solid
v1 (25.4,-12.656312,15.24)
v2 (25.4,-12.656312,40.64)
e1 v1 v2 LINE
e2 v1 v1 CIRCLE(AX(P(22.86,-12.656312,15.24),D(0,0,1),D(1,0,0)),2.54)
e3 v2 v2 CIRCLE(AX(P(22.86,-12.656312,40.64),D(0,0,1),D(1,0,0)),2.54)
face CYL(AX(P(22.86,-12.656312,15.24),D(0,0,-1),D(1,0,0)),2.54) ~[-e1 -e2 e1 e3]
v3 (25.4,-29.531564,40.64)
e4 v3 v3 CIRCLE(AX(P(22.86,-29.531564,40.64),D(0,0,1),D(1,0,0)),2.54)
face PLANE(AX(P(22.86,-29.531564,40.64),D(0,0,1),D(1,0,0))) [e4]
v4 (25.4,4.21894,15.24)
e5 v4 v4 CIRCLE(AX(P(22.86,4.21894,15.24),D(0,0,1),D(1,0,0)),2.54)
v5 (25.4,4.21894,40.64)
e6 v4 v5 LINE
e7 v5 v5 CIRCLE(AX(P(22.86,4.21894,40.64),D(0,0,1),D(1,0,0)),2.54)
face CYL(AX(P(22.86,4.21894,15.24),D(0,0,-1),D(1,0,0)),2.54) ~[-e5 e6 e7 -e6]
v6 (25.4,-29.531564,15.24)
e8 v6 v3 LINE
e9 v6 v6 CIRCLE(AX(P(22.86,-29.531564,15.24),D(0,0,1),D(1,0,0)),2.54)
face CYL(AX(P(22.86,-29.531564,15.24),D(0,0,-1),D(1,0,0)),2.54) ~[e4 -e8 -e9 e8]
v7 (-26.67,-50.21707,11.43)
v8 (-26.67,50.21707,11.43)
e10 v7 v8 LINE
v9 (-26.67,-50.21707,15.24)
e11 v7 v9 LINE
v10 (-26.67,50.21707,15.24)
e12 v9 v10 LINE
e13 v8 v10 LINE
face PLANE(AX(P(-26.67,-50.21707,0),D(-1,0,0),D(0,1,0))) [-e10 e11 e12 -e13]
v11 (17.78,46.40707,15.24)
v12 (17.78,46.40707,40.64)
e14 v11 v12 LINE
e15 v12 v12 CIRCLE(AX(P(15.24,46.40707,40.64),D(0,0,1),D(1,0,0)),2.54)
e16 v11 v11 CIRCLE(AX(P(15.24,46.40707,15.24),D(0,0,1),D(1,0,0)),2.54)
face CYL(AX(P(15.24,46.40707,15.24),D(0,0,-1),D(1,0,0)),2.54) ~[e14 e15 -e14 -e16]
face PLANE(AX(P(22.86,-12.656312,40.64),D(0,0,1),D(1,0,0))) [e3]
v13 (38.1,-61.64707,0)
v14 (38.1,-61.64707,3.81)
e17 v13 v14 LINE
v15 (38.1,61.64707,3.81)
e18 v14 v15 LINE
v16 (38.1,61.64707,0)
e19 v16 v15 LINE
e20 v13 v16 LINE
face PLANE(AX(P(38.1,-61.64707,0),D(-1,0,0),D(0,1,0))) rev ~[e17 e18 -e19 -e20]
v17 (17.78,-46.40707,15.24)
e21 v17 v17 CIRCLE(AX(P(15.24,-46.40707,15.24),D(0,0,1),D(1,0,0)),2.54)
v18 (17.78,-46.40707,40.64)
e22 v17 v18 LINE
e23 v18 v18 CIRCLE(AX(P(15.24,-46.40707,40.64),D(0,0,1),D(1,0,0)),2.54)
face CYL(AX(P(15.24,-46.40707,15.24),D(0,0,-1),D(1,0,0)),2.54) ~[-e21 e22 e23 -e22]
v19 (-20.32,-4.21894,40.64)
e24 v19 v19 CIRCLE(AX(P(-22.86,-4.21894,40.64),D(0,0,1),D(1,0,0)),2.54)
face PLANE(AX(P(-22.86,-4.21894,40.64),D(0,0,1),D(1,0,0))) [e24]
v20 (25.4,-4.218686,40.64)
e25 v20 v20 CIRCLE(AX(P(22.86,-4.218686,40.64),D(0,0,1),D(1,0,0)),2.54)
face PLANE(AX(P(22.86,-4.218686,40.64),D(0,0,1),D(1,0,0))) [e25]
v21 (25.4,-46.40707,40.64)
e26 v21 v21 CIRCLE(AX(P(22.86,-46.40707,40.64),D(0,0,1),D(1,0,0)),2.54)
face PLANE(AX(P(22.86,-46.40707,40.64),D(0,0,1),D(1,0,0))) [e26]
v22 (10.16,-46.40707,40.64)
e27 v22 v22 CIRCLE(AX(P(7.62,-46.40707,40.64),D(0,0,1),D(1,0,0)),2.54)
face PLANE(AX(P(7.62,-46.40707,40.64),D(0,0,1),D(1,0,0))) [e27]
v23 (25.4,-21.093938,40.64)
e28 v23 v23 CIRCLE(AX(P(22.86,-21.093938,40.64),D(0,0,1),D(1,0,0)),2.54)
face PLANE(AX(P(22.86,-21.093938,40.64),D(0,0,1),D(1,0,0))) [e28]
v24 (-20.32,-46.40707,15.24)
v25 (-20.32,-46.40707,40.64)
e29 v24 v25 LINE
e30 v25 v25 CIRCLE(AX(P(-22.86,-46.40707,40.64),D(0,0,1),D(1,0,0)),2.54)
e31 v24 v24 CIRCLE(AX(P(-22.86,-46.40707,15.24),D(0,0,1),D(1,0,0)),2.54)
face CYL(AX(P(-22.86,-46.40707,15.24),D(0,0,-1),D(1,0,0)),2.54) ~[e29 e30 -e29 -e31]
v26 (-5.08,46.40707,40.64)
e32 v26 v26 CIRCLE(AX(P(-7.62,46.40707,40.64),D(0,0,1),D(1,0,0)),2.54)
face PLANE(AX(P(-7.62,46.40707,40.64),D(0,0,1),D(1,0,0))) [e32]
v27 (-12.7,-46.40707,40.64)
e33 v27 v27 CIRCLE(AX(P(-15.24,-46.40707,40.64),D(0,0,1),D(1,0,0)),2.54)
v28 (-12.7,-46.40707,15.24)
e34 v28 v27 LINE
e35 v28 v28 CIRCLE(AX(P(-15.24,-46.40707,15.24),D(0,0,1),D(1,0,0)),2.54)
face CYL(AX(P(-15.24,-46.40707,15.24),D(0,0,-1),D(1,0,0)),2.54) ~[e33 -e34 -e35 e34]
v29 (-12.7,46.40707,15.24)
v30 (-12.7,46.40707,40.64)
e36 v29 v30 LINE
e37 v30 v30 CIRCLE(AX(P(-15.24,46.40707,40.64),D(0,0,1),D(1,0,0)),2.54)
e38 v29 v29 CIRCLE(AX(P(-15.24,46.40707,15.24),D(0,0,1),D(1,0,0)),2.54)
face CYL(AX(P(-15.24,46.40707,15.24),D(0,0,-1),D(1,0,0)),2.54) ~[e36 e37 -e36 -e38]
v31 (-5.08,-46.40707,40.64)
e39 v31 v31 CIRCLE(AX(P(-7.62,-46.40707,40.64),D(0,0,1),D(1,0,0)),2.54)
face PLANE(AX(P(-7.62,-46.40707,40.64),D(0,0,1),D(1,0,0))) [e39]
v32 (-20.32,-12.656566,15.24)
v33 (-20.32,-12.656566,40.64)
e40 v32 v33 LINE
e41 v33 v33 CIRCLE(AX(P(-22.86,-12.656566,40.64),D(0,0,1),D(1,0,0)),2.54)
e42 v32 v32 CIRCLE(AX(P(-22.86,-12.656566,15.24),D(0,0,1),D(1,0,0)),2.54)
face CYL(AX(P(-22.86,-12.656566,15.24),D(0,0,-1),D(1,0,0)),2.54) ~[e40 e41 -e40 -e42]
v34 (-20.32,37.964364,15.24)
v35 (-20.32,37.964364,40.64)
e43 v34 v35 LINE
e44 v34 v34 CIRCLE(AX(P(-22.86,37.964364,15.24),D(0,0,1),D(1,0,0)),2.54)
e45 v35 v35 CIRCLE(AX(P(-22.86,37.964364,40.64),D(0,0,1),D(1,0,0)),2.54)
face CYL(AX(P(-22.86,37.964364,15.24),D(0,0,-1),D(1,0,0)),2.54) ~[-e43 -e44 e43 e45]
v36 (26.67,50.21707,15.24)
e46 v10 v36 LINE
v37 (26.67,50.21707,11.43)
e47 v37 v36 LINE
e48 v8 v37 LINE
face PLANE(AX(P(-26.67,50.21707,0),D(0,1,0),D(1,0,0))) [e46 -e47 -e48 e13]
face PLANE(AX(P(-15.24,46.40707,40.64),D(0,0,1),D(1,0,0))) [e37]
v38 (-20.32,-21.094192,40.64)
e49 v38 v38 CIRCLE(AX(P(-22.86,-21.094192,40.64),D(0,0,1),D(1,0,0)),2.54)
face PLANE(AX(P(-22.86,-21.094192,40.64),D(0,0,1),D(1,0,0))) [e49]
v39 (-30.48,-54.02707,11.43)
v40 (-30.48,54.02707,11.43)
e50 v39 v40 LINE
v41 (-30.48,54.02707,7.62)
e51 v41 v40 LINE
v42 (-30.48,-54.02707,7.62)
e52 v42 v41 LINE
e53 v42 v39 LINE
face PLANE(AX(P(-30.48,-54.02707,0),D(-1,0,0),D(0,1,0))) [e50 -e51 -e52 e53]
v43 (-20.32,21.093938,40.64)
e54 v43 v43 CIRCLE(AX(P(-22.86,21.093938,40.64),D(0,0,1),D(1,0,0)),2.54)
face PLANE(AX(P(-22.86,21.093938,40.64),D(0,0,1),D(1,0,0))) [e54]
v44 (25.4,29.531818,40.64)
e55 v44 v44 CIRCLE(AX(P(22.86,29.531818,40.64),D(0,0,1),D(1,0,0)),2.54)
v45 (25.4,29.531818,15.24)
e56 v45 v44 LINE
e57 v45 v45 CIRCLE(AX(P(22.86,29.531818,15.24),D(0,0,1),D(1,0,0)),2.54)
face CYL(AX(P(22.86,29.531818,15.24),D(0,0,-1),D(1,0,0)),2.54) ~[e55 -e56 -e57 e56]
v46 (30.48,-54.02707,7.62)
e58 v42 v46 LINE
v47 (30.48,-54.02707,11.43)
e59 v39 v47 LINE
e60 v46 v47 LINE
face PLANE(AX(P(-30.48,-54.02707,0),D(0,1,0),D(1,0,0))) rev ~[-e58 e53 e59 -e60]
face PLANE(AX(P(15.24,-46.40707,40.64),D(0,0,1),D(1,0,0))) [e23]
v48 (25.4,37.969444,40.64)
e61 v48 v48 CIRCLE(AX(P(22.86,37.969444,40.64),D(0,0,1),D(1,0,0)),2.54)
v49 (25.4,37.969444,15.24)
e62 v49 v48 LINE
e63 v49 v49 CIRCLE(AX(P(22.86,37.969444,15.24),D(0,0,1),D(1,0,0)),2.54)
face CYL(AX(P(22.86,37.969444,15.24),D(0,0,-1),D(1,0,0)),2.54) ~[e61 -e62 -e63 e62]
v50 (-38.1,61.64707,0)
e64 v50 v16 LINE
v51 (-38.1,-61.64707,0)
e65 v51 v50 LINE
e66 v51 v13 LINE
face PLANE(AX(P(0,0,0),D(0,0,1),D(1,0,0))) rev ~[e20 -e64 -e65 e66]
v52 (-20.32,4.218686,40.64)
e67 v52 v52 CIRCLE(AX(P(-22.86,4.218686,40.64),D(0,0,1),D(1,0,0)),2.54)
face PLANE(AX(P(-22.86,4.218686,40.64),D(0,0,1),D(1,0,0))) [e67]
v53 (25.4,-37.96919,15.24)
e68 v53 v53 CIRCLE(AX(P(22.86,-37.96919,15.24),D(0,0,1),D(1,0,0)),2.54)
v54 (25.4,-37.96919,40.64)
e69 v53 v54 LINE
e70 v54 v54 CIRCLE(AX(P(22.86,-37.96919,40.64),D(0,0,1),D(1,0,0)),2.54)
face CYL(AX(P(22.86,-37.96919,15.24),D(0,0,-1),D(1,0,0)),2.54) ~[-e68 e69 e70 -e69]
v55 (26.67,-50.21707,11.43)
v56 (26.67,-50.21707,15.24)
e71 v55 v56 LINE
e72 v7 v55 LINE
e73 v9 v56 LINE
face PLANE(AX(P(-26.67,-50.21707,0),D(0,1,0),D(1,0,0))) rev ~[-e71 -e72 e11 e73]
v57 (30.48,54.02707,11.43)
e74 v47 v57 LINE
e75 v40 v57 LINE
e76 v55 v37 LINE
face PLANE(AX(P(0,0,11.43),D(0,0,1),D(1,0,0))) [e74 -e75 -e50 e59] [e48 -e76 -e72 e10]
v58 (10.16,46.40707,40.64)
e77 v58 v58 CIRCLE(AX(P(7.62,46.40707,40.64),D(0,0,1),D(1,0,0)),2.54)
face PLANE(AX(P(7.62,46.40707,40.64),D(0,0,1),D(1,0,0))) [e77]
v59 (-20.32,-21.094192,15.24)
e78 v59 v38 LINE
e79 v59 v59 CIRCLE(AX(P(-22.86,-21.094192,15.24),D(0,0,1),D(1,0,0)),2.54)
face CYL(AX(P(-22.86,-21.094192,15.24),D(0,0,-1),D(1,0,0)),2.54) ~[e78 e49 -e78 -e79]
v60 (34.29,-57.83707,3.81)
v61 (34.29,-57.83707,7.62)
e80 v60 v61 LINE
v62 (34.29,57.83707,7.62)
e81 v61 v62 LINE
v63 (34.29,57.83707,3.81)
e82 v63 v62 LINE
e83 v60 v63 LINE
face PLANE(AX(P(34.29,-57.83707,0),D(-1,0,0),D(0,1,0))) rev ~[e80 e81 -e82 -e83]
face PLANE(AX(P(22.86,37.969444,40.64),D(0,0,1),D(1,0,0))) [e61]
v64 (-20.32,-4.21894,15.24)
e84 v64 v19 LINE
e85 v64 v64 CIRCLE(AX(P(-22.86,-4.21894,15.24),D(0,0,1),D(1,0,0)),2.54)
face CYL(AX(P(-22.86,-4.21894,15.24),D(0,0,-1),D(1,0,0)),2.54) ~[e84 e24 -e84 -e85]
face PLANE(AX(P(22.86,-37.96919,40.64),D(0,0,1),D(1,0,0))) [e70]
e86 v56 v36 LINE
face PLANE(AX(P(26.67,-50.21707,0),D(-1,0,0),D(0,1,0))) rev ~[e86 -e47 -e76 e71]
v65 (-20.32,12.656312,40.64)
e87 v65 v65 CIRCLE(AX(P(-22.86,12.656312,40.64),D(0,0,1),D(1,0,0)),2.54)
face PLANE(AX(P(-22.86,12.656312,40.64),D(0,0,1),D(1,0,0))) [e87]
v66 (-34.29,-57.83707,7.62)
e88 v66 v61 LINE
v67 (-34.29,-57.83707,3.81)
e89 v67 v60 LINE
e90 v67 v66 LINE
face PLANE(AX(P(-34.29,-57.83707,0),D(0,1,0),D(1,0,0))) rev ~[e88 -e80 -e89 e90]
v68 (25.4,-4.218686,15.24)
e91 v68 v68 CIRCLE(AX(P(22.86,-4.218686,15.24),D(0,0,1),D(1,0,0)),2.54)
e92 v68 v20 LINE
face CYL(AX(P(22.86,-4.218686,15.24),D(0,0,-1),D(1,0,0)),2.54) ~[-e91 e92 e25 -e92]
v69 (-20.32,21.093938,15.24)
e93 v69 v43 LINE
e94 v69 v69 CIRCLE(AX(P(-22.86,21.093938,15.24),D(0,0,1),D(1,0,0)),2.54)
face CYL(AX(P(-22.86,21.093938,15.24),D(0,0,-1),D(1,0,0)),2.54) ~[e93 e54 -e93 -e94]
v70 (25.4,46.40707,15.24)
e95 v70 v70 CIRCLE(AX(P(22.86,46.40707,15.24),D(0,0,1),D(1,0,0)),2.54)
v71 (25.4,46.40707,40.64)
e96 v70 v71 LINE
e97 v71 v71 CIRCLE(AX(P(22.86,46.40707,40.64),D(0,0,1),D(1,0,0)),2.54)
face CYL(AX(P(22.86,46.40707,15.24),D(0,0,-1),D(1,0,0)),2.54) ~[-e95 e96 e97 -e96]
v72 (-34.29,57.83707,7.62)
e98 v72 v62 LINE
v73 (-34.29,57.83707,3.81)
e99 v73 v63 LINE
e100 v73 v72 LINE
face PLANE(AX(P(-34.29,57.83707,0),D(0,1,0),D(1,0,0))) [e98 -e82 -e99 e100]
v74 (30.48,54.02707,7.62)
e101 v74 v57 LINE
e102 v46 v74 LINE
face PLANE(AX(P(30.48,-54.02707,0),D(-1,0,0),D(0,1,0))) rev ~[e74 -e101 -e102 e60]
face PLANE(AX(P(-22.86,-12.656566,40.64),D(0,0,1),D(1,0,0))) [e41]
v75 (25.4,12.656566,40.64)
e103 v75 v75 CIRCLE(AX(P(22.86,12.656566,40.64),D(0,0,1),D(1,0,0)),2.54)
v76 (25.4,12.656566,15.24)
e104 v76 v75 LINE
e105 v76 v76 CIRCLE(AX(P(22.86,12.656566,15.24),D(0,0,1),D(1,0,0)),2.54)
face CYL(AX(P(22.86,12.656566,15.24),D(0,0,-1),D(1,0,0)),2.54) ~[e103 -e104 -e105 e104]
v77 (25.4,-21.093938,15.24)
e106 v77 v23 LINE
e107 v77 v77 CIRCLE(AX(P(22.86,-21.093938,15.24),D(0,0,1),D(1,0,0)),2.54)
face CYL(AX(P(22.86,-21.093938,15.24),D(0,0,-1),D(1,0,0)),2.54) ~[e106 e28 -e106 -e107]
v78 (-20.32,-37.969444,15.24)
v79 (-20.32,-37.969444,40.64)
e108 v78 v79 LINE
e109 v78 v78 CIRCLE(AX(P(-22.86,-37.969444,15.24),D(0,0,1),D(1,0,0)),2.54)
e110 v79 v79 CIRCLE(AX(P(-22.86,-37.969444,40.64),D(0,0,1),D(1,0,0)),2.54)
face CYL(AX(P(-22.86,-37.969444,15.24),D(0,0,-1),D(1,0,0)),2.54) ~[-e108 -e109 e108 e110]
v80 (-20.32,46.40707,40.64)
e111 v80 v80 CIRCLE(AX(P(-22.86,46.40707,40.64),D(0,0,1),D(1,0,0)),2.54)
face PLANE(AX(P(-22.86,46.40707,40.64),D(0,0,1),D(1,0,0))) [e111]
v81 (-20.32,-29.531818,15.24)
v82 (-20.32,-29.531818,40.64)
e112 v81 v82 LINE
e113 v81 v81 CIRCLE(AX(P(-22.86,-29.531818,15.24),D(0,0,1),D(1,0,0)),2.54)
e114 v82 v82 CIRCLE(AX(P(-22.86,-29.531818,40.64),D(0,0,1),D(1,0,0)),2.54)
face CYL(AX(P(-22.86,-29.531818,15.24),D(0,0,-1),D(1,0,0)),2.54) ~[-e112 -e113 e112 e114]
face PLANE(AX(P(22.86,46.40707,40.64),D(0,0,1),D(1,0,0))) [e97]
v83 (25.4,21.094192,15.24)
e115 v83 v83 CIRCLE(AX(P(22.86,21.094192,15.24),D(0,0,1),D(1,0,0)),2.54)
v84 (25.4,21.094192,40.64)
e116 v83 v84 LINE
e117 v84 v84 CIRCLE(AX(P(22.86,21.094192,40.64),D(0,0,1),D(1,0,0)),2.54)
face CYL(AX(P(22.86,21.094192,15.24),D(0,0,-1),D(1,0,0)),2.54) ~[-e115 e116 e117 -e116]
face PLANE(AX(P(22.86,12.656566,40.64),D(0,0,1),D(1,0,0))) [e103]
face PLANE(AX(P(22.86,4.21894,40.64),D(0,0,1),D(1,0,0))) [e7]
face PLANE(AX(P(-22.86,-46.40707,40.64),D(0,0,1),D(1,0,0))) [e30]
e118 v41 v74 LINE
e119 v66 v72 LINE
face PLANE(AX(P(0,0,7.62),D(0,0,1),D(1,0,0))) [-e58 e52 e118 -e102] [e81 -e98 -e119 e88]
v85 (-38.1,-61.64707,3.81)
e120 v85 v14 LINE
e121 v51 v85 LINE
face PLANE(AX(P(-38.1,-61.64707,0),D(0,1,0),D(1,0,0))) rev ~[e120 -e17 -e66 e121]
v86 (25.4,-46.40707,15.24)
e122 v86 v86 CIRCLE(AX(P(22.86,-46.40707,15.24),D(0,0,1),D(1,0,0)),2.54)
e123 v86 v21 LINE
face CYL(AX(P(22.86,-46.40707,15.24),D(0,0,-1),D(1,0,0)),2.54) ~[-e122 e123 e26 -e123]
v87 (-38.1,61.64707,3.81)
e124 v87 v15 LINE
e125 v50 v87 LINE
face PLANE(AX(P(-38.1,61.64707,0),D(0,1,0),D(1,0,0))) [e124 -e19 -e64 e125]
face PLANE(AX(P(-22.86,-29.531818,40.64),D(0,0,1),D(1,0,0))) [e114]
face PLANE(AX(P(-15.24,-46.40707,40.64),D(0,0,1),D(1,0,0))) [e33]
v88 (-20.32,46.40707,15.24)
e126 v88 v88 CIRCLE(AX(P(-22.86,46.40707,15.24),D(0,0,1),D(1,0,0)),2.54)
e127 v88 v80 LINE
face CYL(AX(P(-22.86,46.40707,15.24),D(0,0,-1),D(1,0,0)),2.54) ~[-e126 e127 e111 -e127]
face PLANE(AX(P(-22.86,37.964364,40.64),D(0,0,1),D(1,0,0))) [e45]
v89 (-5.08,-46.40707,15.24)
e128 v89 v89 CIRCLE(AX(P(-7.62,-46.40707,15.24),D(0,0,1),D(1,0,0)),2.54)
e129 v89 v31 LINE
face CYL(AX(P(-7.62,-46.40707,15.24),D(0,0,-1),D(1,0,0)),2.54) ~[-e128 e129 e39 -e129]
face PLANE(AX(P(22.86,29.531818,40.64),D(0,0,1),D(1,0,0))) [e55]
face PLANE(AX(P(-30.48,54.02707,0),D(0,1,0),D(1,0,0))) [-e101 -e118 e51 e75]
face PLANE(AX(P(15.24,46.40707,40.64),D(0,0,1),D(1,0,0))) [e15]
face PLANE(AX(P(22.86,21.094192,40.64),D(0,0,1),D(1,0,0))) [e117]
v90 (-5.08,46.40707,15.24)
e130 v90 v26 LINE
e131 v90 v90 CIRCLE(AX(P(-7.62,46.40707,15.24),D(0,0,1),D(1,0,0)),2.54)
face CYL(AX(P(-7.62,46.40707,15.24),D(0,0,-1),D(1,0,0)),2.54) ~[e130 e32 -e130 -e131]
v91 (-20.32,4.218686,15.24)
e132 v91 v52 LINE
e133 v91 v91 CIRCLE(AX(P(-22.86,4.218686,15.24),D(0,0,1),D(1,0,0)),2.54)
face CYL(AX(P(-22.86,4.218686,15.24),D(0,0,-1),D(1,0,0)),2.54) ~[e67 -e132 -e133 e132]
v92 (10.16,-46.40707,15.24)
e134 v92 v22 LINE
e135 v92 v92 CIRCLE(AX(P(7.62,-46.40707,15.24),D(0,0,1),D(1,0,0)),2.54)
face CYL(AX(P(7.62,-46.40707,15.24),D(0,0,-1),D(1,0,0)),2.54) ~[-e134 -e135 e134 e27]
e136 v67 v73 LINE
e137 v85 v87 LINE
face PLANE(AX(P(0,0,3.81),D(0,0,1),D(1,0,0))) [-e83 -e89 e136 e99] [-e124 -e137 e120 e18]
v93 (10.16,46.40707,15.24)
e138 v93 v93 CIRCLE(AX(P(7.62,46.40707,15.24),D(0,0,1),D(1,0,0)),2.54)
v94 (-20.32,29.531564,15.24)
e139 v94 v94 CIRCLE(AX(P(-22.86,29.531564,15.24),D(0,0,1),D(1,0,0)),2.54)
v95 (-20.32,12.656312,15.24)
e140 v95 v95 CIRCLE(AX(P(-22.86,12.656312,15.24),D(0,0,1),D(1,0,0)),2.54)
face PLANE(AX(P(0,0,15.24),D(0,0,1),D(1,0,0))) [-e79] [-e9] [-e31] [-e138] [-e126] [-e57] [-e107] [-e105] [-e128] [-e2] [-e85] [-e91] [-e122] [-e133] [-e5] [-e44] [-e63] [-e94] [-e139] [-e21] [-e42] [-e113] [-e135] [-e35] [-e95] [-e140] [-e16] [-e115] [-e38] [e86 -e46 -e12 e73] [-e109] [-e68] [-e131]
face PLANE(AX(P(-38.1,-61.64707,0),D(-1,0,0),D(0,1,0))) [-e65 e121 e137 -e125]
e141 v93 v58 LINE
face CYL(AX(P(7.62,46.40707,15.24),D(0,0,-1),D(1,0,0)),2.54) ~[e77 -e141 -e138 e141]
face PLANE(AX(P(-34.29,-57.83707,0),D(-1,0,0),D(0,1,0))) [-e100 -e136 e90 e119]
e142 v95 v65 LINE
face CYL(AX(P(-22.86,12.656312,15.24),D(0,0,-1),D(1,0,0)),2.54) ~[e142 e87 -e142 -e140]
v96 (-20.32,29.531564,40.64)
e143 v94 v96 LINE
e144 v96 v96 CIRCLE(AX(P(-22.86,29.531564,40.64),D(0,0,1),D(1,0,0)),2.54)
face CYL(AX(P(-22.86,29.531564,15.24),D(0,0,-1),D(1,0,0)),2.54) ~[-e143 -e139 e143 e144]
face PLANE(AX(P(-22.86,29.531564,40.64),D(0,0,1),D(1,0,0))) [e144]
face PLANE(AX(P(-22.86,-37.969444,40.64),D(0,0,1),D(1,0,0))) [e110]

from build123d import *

# Parameters (mm, degrees)
F0_W     = 76.2
F0_H     = 123.29414
F0_W_2   = 68.58
F0_H_2   = 115.67414
F1_DEPTH = 3.81
F0_W_3   = 60.96
F0_H_3   = 108.05414
F2_DEPTH = 7.62
F0_W_4   = 53.34
F0_H_4   = 100.43414
F3_DEPTH = 11.43
F4_DEPTH = 15.24
F5_R     = 2.54
F6_DEPTH = 25.4


with BuildPart() as f1:
    # F0 (on Top) → F1 (new body)
    with BuildSketch(Plane.XY):
        Rectangle(F0_W, F0_H)
        Rectangle(F0_W_2, F0_H_2, mode=Mode.SUBTRACT)
    extrude(amount=F1_DEPTH)

    # F0 (on Top) → F2 (join)
    with BuildSketch(Plane.XY):
        Rectangle(F0_W_2, F0_H_2)
        Rectangle(F0_W_3, F0_H_3, mode=Mode.SUBTRACT)
    extrude(amount=F2_DEPTH)

    # F0 (on Top) → F3 (join)
    with BuildSketch(Plane.XY):
        Rectangle(F0_W_3, F0_H_3)
        Rectangle(F0_W_4, F0_H_4, mode=Mode.SUBTRACT)
    extrude(amount=F3_DEPTH)

    # F0 (on Top) → F4 (join)
    with BuildSketch(Plane.XY):
        Rectangle(F0_W_4, F0_H_4)
    extrude(amount=F4_DEPTH)

    # F5 (on face) → F6 (join)
    with BuildSketch(Plane.XY.offset(15.24)):
        with Locations((-15.24, 46.40707)):
            Circle(F5_R)
        with Locations((-22.86, 46.40707)):
            Circle(F5_R)
        with Locations((-7.62, 46.40707)):
            Circle(F5_R)
        with Locations((-22.86, 37.964364)):
            Circle(F5_R)
        with Locations((-22.86, 29.531564)):
            Circle(F5_R)
        with Locations((-22.86, 21.093938)):
            Circle(F5_R)
        with Locations((-22.86, 12.656312)):
            Circle(F5_R)
        with Locations((-22.86, 4.218686)):
            Circle(F5_R)
        with Locations((-22.86, -4.21894)):
            Circle(F5_R)
        with Locations((-22.86, -12.656566)):
            Circle(F5_R)
        with Locations((7.62, 46.40707)):
            Circle(F5_R)
        with Locations((15.24, 46.40707)):
            Circle(F5_R)
        with Locations((22.86, 46.40707)):
            Circle(F5_R)
        with Locations((22.86, 37.969444)):
            Circle(F5_R)
        with Locations((22.86, 29.531818)):
            Circle(F5_R)
        with Locations((22.86, 21.094192)):
            Circle(F5_R)
        with Locations((22.86, 12.656566)):
            Circle(F5_R)
        with Locations((22.86, 4.21894)):
            Circle(F5_R)
        with Locations((22.86, -4.218686)):
            Circle(F5_R)
        with Locations((22.86, -12.656312)):
            Circle(F5_R)
        with Locations((-22.86, -21.094192)):
            Circle(F5_R)
        with Locations((-22.86, -29.531818)):
            Circle(F5_R)
        with Locations((-22.86, -37.969444)):
            Circle(F5_R)
        with Locations((-22.86, -46.40707)):
            Circle(F5_R)
        with Locations((-15.24, -46.40707)):
            Circle(F5_R)
        with Locations((-7.62, -46.40707)):
            Circle(F5_R)
        with Locations((7.62, -46.40707)):
            Circle(F5_R)
        with Locations((15.24, -46.40707)):
            Circle(F5_R)
        with Locations((22.86, -46.40707)):
            Circle(F5_R)
        with Locations((22.86, -37.96919)):
            Circle(F5_R)
        with Locations((22.86, -29.531564)):
            Circle(F5_R)
        with Locations((22.86, -21.093938)):
            Circle(F5_R)
    extrude(amount=F6_DEPTH)


solid = f1.part
